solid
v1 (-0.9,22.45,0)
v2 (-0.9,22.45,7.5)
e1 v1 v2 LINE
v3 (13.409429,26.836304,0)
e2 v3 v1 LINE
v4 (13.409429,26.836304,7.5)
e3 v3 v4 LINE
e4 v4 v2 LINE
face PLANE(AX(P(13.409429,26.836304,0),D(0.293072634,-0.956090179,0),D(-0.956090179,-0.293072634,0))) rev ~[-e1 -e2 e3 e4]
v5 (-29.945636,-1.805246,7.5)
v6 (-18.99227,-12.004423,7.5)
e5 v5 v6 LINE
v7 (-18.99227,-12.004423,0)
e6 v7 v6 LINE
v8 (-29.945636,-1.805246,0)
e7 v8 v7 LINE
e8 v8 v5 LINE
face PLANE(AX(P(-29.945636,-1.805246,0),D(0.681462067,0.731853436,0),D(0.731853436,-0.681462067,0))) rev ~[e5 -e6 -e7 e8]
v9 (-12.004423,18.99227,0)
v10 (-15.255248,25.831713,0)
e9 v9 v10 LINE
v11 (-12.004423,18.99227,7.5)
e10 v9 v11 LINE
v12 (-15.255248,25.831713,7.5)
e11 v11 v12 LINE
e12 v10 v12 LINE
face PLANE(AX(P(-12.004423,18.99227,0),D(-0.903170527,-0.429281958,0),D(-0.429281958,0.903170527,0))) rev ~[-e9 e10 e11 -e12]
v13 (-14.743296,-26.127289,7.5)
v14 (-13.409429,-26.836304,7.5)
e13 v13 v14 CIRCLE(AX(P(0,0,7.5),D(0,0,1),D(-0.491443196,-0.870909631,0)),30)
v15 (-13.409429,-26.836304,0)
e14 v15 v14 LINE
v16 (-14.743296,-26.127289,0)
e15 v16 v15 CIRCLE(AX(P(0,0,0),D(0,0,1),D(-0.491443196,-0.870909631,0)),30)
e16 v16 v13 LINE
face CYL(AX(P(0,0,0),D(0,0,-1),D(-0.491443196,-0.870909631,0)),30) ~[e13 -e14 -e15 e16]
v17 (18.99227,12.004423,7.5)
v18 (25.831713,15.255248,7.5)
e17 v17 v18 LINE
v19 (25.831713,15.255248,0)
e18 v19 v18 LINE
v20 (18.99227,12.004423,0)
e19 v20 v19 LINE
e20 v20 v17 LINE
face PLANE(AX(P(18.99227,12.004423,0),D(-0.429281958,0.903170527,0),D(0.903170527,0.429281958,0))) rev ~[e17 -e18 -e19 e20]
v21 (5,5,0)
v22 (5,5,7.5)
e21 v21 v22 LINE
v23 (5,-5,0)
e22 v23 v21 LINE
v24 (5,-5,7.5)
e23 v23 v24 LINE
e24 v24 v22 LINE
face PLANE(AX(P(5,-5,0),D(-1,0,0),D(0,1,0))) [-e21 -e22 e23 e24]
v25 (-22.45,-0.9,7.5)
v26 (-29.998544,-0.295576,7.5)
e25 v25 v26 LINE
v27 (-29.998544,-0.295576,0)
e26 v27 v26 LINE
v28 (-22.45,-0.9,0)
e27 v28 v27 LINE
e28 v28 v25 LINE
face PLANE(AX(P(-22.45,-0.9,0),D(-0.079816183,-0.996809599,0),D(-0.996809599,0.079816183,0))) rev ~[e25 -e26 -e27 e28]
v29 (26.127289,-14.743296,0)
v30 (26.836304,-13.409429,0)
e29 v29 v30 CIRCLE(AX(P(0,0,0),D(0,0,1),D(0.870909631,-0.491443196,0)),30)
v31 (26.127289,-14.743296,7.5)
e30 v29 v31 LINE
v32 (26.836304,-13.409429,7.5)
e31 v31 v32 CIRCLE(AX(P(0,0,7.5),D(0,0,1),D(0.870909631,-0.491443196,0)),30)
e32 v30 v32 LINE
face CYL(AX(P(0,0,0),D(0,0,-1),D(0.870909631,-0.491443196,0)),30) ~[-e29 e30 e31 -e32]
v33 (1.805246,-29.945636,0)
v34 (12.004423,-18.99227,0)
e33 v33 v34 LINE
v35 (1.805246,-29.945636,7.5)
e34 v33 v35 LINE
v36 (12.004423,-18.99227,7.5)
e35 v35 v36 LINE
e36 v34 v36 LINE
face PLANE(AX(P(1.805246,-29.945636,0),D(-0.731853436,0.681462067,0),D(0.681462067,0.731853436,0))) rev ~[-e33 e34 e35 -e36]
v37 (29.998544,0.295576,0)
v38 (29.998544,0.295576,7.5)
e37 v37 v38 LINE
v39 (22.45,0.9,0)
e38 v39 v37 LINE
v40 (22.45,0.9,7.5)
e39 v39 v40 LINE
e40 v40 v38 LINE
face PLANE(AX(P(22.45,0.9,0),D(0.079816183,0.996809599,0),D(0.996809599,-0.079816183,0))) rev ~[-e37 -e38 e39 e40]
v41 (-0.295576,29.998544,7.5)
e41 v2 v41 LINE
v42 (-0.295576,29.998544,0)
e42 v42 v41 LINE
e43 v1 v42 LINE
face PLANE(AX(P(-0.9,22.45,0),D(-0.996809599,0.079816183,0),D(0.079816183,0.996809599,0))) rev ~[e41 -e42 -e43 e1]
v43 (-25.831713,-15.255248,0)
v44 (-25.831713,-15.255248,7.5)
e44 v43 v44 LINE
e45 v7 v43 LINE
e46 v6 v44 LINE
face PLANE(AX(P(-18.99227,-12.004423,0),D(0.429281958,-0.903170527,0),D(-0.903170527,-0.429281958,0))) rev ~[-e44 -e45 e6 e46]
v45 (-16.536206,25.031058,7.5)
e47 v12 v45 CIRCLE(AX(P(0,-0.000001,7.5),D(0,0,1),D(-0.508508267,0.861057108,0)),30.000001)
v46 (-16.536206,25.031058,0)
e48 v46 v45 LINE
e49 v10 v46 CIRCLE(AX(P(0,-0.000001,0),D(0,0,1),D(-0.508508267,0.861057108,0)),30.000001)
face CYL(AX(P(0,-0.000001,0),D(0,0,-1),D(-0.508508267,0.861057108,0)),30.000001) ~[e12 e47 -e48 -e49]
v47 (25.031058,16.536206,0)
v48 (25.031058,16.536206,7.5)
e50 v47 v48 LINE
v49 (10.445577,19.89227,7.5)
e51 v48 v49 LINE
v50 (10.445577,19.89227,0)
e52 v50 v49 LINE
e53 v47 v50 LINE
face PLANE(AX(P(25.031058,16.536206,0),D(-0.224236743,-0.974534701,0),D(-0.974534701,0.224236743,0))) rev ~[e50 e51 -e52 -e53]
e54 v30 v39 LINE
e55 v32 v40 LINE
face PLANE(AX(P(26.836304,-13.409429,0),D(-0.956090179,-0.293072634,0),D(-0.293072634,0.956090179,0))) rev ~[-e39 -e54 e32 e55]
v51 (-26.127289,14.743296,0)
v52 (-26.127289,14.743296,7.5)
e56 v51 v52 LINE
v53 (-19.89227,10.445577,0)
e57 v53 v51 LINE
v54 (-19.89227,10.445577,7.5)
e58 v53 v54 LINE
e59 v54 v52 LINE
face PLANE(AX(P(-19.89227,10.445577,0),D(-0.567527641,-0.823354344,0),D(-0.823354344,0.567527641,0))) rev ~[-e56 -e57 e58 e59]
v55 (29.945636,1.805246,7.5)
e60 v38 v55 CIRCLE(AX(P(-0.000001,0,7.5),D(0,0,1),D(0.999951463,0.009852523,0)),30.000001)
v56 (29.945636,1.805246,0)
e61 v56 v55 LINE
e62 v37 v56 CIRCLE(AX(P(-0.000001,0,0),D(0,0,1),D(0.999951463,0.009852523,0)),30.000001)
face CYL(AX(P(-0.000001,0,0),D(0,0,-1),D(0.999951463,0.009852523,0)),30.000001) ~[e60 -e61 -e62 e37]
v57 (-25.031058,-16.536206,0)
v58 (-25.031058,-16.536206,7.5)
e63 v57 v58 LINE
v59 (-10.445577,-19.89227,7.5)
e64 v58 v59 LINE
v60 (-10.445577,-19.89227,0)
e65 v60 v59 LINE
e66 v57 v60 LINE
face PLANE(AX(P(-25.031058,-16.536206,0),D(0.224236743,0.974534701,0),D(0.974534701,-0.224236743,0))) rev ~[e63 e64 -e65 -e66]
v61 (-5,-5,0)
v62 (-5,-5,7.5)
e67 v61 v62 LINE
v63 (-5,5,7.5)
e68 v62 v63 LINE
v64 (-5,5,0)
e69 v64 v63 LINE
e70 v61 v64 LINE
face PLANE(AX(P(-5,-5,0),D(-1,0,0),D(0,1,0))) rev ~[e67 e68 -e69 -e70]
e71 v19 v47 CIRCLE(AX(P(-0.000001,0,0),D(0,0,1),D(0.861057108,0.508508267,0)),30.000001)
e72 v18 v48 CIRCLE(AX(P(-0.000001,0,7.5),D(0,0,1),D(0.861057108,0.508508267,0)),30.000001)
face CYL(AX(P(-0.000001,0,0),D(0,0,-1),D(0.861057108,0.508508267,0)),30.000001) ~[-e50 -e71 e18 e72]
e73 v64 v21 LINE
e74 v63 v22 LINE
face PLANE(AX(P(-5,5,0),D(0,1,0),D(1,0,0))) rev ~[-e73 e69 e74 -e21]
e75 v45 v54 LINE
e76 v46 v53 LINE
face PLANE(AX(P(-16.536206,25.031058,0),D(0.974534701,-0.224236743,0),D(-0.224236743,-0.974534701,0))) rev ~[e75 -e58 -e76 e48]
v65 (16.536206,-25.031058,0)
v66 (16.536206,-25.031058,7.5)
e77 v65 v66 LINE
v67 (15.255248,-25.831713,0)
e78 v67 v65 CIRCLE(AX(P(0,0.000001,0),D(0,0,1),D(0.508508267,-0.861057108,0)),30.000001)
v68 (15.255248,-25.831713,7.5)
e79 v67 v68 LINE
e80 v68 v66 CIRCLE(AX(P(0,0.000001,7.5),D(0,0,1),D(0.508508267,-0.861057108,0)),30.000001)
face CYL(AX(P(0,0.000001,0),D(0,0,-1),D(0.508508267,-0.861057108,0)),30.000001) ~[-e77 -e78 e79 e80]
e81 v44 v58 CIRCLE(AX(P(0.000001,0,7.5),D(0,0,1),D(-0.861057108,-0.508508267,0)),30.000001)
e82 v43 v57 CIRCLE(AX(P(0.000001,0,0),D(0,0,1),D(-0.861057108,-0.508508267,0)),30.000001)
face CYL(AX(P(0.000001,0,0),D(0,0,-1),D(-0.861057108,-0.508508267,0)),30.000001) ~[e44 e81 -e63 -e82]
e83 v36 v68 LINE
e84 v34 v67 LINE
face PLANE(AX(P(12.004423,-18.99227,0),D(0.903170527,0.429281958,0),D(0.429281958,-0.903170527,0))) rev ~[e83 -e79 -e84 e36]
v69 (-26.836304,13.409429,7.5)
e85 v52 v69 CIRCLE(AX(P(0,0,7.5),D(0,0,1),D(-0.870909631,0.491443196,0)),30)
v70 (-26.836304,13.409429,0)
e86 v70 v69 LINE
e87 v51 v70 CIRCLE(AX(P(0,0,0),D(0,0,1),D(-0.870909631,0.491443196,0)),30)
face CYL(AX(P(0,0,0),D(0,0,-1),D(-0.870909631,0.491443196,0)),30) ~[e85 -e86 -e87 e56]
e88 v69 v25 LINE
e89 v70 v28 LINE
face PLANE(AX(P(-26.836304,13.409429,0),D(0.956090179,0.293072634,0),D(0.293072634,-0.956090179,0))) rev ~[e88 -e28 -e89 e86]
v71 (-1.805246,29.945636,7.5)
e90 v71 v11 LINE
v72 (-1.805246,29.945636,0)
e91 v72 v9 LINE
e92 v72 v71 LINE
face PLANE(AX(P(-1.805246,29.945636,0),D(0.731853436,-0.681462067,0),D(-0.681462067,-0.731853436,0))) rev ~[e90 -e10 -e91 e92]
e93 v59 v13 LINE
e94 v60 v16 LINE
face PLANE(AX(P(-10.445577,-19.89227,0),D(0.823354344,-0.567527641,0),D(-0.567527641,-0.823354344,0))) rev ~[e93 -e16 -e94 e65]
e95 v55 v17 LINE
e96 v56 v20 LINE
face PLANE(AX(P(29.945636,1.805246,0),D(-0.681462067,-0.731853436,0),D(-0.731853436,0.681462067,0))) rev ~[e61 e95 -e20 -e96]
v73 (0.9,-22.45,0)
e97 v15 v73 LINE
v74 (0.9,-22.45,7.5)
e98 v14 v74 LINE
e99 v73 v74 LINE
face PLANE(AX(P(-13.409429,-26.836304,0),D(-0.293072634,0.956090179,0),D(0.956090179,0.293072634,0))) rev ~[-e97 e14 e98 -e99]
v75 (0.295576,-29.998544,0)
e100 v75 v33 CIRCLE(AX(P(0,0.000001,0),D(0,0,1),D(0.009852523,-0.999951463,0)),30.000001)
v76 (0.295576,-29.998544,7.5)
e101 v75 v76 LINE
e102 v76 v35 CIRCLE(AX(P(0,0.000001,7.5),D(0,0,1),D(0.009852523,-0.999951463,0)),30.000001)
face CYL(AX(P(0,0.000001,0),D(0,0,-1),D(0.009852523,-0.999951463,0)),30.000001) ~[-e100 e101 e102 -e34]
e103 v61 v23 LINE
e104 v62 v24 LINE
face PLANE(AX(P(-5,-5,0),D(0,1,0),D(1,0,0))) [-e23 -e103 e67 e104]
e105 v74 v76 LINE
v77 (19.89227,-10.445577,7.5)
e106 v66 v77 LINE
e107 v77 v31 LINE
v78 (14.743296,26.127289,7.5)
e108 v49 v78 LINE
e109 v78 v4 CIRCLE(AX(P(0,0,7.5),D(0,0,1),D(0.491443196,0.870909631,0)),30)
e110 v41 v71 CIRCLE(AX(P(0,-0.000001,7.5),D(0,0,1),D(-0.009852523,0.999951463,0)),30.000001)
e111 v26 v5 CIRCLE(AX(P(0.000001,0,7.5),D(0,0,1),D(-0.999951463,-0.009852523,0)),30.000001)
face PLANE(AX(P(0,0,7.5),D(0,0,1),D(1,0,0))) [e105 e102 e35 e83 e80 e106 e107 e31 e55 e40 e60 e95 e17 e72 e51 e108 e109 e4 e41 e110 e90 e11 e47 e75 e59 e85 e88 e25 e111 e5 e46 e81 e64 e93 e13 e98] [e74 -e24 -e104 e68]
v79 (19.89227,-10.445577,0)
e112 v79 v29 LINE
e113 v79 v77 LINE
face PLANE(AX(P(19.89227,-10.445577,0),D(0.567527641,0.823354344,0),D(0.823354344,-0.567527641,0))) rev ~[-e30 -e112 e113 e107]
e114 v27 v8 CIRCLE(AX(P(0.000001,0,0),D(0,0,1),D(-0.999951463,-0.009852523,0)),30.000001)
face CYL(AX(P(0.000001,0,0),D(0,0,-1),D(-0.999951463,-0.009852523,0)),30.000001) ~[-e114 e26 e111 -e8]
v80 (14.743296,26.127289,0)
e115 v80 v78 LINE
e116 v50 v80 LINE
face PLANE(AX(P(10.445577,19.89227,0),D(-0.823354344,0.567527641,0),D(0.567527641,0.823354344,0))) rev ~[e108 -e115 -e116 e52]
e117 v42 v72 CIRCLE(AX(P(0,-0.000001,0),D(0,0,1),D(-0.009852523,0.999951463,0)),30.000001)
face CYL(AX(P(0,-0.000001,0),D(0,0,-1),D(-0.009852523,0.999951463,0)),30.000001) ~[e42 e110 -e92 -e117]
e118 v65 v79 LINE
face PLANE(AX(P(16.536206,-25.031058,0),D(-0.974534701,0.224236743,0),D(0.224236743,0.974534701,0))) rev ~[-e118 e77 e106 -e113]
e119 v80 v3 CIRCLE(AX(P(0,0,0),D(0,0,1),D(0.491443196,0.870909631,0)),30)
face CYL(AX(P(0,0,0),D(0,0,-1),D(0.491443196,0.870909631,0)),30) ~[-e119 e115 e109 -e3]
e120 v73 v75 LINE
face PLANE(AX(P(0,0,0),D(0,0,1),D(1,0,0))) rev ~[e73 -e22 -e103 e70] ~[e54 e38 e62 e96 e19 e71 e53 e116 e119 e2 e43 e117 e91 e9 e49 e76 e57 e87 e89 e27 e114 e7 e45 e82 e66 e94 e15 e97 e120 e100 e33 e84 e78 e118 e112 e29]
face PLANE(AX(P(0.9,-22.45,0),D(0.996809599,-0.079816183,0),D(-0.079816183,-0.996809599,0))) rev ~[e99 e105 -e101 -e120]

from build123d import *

# Parameters (mm, degrees)
SCHIZZO1_W                   = 10
SCHIZZO1_H                   = 10
ESTRUSIONE_ESTRUSIONE1_DEPTH = 7.5


with BuildPart() as part:
    # Schizzo1 → Estrusione-Estrusione1 (new body)
    with BuildSketch(Plane.XY):
        with BuildLine():
            Line((13.409429202, 26.836303927), (-0.9, 22.45))
            Line((-0.9, 22.45), (-0.295575686, 29.998543882))
            ThreePointArc((-0.295575686, 29.998543882), (-1.050743721, 29.981593314), (-1.805245625, 29.945635546))
            Line((-1.805245625, 29.945635546), (-12.004422863, 18.992270315))
            Line((-12.004422863, 18.992270315), (-15.255247993, 25.831713235))
            ThreePointArc((-15.255247993, 25.831713235), (-15.900767412, 25.439449595), (-16.536206344, 25.031058303))
            Line((-16.536206344, 25.031058303), (-19.892270315, 10.445577137))
            Line((-19.892270315, 10.445577137), (-26.127288921, 14.743295888))
            ThreePointArc((-26.127288921, 14.743295888), (-26.490193316, 14.080825902), (-26.836303927, 13.409429202))
            Line((-26.836303927, 13.409429202), (-22.45, -0.9))
            Line((-22.45, -0.9), (-29.998543882, -0.295575686))
            ThreePointArc((-29.998543882, -0.295575686), (-29.981593314, -1.050743721), (-29.945635546, -1.805245625))
            Line((-29.945635546, -1.805245625), (-18.992270315, -12.004422863))
            Line((-18.992270315, -12.004422863), (-25.831713235, -15.255247993))
            ThreePointArc((-25.831713235, -15.255247993), (-25.439449595, -15.900767412), (-25.031058303, -16.536206344))
            Line((-25.031058303, -16.536206344), (-10.445577137, -19.892270315))
            Line((-10.445577137, -19.892270315), (-14.743295888, -26.127288921))
            ThreePointArc((-14.743295888, -26.127288921), (-14.080825902, -26.490193316), (-13.409429202, -26.836303927))
            Line((-13.409429202, -26.836303927), (0.9, -22.45))
            Line((0.9, -22.45), (0.295575686, -29.998543882))
            ThreePointArc((0.295575686, -29.998543882), (1.050743721, -29.981593314), (1.805245625, -29.945635546))
            Line((1.805245625, -29.945635546), (12.004422863, -18.992270315))
            Line((12.004422863, -18.992270315), (15.255247993, -25.831713235))
            ThreePointArc((15.255247993, -25.831713235), (15.900767412, -25.439449595), (16.536206344, -25.031058303))
            Line((16.536206344, -25.031058303), (19.892270315, -10.445577137))
            Line((19.892270315, -10.445577137), (26.127288921, -14.743295888))
            ThreePointArc((26.127288921, -14.743295888), (26.490193316, -14.080825902), (26.836303927, -13.409429202))
            Line((26.836303927, -13.409429202), (22.45, 0.9))
            Line((22.45, 0.9), (29.998543882, 0.295575686))
            ThreePointArc((29.998543882, 0.295575686), (29.981593314, 1.050743721), (29.945635546, 1.805245625))
            Line((29.945635546, 1.805245625), (18.992270315, 12.004422863))
            Line((18.992270315, 12.004422863), (25.831713235, 15.255247993))
            ThreePointArc((25.831713235, 15.255247993), (25.439449595, 15.900767412), (25.031058303, 16.536206344))
            Line((25.031058303, 16.536206344), (10.445577137, 19.892270315))
            Line((10.445577137, 19.892270315), (14.743295888, 26.127288921))
            ThreePointArc((14.743295888, 26.127288921), (14.080825902, 26.490193316), (13.409429202, 26.836303927))
        make_face()
        Rectangle(SCHIZZO1_W, SCHIZZO1_H, mode=Mode.SUBTRACT)
    extrude(amount=ESTRUSIONE_ESTRUSIONE1_DEPTH)


solid = part.part
